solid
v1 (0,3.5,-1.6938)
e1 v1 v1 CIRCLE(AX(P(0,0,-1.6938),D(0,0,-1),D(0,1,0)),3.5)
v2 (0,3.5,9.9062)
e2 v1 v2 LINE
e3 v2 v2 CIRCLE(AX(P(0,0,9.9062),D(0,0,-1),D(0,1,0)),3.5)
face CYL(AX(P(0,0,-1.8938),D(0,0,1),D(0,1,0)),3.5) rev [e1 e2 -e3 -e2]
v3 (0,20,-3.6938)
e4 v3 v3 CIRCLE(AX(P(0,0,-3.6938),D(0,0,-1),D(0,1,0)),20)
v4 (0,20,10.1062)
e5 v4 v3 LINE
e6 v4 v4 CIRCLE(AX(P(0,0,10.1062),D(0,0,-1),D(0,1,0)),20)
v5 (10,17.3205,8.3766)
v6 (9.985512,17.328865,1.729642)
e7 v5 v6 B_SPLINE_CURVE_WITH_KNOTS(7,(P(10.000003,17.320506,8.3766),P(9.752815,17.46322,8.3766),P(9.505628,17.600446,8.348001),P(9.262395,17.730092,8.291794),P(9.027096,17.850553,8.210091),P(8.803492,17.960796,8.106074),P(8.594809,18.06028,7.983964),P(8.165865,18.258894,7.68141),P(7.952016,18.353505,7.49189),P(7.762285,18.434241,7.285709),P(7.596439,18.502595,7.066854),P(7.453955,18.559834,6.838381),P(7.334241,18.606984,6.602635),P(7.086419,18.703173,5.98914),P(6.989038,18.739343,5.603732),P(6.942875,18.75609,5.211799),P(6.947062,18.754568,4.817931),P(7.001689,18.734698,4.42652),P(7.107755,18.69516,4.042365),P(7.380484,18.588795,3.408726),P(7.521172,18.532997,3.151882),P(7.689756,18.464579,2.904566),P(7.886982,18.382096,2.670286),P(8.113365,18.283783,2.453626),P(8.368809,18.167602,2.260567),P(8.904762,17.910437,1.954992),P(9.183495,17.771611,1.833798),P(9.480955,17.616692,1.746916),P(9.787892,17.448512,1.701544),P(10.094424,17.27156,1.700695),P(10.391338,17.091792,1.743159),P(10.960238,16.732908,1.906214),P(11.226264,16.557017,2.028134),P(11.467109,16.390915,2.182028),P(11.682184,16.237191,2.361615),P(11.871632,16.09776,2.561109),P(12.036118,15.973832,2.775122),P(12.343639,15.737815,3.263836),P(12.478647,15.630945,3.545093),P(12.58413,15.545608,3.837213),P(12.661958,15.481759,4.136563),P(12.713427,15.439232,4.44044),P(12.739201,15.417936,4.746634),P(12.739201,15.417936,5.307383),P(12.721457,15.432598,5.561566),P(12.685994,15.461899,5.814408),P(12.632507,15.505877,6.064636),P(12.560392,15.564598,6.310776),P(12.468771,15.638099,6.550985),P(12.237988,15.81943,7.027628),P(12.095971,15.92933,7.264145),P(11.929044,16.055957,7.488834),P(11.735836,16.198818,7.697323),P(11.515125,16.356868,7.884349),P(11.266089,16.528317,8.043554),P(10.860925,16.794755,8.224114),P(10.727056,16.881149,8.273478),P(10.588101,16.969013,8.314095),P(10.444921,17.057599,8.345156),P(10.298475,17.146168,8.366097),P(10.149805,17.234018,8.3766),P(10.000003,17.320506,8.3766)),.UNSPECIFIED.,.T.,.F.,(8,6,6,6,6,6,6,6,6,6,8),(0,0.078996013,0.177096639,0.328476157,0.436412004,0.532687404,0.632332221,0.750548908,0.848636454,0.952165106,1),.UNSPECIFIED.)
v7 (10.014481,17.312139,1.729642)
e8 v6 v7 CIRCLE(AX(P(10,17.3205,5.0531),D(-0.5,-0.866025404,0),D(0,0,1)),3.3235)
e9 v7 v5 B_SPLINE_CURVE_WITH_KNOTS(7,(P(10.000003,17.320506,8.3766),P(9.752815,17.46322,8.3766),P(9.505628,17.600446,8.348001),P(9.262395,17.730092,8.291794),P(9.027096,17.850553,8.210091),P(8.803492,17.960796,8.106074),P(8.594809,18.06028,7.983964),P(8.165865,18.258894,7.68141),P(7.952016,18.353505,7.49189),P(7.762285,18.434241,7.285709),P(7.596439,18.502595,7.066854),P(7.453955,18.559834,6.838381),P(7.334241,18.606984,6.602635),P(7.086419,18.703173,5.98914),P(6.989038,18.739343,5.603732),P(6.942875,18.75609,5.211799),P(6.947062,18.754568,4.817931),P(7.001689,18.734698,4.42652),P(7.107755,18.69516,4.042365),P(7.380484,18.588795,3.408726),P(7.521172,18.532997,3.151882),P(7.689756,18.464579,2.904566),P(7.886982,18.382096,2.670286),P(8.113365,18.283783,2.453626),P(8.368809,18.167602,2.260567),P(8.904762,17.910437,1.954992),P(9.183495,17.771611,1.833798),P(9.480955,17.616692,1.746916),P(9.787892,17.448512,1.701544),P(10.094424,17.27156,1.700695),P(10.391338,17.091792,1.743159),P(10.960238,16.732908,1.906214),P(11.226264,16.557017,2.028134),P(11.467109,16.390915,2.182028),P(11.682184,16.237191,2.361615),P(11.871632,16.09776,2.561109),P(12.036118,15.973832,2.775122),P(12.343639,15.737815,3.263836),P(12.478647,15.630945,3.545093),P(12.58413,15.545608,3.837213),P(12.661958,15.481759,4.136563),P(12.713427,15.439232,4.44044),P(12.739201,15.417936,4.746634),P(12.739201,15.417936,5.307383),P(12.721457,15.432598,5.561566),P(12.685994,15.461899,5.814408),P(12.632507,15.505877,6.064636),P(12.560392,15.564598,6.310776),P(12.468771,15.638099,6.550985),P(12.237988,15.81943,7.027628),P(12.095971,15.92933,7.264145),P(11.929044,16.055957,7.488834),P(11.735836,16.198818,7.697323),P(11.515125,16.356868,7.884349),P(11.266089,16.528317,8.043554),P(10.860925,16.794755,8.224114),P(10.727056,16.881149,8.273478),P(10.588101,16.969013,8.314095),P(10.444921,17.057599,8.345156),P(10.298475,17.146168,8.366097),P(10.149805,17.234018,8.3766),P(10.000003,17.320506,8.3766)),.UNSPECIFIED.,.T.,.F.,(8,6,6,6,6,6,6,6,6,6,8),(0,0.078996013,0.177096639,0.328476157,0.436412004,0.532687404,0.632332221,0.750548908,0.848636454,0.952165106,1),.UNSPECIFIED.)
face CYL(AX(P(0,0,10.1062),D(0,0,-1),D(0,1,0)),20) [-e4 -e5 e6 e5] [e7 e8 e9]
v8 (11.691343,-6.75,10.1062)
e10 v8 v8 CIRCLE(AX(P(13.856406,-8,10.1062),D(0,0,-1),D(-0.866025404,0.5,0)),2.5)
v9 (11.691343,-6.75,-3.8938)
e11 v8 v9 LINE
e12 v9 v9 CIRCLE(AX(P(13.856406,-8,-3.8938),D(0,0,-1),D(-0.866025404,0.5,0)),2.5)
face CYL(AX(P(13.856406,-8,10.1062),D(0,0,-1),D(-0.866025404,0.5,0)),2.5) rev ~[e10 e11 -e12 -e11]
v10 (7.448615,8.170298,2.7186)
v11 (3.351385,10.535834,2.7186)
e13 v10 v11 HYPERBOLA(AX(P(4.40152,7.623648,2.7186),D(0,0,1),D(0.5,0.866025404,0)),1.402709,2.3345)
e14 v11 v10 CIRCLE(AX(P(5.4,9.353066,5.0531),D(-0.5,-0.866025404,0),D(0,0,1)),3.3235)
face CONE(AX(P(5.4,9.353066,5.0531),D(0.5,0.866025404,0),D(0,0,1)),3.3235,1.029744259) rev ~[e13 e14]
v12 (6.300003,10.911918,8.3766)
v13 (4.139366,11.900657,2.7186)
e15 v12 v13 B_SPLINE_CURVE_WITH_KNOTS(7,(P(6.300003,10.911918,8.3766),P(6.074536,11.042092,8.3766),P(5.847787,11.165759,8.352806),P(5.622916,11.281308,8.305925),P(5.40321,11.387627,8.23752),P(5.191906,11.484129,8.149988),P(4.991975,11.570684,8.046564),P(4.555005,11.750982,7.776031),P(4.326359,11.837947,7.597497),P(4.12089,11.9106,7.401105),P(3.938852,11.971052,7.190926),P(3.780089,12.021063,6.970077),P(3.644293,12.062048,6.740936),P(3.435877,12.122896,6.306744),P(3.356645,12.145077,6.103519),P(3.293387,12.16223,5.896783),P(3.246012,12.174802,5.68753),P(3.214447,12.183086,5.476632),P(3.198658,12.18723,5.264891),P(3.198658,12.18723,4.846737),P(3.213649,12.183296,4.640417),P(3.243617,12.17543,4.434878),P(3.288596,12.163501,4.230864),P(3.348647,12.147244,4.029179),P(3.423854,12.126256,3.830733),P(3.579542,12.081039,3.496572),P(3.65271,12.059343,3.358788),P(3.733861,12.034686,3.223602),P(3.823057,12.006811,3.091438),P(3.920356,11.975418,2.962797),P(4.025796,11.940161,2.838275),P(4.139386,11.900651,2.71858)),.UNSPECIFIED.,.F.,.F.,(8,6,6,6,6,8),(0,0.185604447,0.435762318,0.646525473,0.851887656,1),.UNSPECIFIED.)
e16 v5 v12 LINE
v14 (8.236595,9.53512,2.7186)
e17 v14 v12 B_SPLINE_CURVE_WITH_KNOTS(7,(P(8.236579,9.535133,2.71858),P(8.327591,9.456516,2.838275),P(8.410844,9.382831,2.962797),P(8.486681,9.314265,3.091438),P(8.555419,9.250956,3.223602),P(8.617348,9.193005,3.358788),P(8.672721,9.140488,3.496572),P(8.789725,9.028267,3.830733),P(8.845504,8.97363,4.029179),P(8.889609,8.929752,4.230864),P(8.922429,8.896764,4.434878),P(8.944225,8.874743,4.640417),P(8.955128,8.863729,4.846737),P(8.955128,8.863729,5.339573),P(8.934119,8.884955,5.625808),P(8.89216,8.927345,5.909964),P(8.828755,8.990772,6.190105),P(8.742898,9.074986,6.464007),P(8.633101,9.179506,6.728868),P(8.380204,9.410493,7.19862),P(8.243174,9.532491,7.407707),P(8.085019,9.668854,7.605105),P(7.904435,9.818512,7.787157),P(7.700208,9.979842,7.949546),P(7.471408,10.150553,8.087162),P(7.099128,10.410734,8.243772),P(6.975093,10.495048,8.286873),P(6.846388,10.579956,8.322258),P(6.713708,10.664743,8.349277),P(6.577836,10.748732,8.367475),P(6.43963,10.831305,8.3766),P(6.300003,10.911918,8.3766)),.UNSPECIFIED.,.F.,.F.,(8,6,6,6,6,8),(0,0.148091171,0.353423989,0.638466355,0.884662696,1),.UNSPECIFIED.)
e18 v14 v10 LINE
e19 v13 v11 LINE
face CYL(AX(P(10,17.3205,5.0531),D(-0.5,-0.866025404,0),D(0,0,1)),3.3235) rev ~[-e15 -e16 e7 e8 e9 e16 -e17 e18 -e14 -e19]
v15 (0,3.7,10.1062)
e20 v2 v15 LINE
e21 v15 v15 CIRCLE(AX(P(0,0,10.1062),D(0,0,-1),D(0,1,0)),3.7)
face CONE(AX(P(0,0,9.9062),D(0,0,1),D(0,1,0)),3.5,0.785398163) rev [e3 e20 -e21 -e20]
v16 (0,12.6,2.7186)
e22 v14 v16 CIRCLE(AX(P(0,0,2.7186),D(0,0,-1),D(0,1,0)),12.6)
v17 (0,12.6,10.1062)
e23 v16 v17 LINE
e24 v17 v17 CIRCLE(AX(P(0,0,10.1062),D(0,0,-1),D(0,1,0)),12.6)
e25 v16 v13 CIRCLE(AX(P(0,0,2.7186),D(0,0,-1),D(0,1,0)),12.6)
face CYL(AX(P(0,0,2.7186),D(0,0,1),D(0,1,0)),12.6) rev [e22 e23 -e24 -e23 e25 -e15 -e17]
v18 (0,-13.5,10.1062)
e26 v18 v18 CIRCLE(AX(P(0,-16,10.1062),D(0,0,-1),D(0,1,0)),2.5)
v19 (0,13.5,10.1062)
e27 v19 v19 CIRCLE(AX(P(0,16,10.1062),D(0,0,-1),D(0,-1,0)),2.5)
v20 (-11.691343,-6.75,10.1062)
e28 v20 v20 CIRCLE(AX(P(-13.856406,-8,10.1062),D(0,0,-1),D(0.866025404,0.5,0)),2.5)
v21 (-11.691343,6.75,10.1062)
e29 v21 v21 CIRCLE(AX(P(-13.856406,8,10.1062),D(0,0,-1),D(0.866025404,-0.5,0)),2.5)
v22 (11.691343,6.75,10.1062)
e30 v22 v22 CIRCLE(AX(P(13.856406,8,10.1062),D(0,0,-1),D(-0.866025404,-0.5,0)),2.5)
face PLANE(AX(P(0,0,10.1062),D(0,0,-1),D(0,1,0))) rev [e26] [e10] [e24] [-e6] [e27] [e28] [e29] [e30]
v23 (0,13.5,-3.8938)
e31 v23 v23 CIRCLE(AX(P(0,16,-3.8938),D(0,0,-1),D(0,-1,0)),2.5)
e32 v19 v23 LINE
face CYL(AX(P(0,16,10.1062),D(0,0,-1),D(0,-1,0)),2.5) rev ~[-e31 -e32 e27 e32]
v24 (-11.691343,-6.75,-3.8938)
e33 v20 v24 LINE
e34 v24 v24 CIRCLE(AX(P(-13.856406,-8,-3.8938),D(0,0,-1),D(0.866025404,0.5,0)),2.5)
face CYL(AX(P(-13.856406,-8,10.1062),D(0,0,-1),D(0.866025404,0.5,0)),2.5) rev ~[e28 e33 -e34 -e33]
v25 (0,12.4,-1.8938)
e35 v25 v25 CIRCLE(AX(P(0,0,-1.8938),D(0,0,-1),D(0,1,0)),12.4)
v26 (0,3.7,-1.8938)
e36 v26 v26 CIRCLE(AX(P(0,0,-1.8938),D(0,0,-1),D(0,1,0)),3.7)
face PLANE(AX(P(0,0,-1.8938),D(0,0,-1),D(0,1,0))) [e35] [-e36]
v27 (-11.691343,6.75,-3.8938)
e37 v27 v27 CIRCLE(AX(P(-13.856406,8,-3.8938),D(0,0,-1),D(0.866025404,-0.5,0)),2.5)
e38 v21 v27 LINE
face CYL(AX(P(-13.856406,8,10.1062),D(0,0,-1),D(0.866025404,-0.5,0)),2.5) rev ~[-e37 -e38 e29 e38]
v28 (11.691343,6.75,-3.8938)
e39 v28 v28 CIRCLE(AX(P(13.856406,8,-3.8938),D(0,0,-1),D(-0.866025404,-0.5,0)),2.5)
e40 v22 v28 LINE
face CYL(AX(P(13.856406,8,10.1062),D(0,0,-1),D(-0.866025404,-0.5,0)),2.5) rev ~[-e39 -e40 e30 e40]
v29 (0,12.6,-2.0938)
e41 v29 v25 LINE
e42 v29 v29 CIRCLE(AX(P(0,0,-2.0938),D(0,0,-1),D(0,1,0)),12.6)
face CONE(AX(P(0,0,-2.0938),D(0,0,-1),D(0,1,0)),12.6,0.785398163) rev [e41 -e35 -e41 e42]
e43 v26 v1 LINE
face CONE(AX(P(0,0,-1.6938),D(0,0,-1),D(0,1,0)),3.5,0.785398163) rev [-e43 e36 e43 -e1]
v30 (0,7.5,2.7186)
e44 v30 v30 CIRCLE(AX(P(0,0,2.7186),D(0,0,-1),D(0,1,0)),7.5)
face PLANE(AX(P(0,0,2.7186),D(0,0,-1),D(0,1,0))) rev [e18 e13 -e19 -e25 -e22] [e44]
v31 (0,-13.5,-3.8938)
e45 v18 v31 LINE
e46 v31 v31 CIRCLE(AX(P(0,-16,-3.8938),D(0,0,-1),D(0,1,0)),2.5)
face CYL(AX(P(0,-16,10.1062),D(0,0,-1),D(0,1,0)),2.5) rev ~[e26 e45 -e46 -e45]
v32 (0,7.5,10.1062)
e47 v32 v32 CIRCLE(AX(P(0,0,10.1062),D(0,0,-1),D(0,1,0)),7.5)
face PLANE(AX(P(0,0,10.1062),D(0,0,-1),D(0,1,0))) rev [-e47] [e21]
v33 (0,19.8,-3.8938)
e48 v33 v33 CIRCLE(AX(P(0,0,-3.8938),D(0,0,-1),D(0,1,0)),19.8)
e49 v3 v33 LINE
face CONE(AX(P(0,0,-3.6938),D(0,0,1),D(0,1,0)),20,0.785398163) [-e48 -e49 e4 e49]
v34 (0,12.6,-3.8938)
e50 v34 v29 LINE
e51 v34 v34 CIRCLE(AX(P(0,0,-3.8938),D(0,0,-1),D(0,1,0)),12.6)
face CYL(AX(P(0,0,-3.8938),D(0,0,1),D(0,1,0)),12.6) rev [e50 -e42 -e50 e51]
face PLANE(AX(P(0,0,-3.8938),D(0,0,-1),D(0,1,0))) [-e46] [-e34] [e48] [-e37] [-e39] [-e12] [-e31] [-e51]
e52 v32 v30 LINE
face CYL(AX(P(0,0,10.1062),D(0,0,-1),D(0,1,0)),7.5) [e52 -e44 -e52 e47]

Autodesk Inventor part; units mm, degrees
ref_plane "XZ Plane" through (0, 0, 0) normal (0, 1, 0) x (-1, 0, 0)
ref_plane "XY Plane" through (0, 0, 0) normal (0, 0, 1) x (1, 0, 0)
sketch "Sketch1" plane through (0, 0, 0) normal (1, 0, 0) x (0, 1, 0)
  line L0 (0, 0) -> (0, -33.1818)
  line L1 (20, 10.1062) -> (20, -3.8938)
  line L2 (20, -3.8938) -> (12.6, -3.8938)
  line L3 (12.6, -3.8938) -> (12.6, -1.8938)
  line L4 (12.6, -1.8938) -> (3.5, -1.8938)
  line L5 (3.5, -1.8938) -> (3.5, 10.1062)
  line L6 (7.5, 10.1062) -> (7.5, 2.7186)
  line L7 (7.5, 2.7186) -> (12.6, 2.7186)
  line L8 (12.6, 2.7186) -> (12.6, 10.1062)
  line L9 (3.5, 10.1062) -> (7.5, 10.1062)
  line L10 (12.6, 10.1062) -> (20, 10.1062)
  dimension "d0" = 7
  dimension "d1" = 25.2
  dimension "d3" = 14
  dimension "d4" = 40
  dimension "d28" = 2
  dimension "d29" = 4
revolve "Revolution1" add sketch "Sketch1" angle 360 about axis through (0, 0, 0) along (0, 0, -1)
sketch "Sketch2" plane through (0, 0, 10.1062) normal (0, 0, 1) x (1, 0, 0)
  point P0 (0, 0)
  point P1 (0, 16)
  dimension "d6" = 16
hole "Hole1" at (0, 16, 10.1062) direction (0, 0, -1) diameter 5 end through all
pattern_circular "Circular Pattern1" count 6 over 360 about axis through (0, 0, 3.1062) along (0, 0, -1) of "Hole1"
ref_plane "Work Plane2" through (10, 17.3205, 3.1062) normal (0.5, 0.866, 0) x (-0.866, 0.5, 0)
ref_plane "Work Plane1" through (0, 0, 0) normal (0.5, 0.866, 0) x (0, 0, 1)
sketch "Sketch3" plane through (10, 17.3205, 3.1062) normal (0.5, 0.866, 0) x (-0.866, 0.5, 0)
  line L0 (-20, 7) -> (20, 7) projected
  line L1 (-20, -7) -> (20, -7) projected
  line L2 (0, 7) -> (0, -3.1062)
  point P0 (0, 1.9469)
hole "Hole2" at (10, 17.3205, 5.0531) direction (-0.5, -0.866, 0) diameter 6.647 depth 9.2 tip angle 118 thread size "M8x1.25" class "6H" standard "ANSI Metric M Profile"
chamfer "Chamfer1" distance 0.2 angle 45 4 edges at (0, -20, -3.8938) (0, -3.5, 10.1062) (0, -3.5, -1.8938) (0, -12.6, -1.8938)
properties part number "MirrorHeatsink" material "Copper"
